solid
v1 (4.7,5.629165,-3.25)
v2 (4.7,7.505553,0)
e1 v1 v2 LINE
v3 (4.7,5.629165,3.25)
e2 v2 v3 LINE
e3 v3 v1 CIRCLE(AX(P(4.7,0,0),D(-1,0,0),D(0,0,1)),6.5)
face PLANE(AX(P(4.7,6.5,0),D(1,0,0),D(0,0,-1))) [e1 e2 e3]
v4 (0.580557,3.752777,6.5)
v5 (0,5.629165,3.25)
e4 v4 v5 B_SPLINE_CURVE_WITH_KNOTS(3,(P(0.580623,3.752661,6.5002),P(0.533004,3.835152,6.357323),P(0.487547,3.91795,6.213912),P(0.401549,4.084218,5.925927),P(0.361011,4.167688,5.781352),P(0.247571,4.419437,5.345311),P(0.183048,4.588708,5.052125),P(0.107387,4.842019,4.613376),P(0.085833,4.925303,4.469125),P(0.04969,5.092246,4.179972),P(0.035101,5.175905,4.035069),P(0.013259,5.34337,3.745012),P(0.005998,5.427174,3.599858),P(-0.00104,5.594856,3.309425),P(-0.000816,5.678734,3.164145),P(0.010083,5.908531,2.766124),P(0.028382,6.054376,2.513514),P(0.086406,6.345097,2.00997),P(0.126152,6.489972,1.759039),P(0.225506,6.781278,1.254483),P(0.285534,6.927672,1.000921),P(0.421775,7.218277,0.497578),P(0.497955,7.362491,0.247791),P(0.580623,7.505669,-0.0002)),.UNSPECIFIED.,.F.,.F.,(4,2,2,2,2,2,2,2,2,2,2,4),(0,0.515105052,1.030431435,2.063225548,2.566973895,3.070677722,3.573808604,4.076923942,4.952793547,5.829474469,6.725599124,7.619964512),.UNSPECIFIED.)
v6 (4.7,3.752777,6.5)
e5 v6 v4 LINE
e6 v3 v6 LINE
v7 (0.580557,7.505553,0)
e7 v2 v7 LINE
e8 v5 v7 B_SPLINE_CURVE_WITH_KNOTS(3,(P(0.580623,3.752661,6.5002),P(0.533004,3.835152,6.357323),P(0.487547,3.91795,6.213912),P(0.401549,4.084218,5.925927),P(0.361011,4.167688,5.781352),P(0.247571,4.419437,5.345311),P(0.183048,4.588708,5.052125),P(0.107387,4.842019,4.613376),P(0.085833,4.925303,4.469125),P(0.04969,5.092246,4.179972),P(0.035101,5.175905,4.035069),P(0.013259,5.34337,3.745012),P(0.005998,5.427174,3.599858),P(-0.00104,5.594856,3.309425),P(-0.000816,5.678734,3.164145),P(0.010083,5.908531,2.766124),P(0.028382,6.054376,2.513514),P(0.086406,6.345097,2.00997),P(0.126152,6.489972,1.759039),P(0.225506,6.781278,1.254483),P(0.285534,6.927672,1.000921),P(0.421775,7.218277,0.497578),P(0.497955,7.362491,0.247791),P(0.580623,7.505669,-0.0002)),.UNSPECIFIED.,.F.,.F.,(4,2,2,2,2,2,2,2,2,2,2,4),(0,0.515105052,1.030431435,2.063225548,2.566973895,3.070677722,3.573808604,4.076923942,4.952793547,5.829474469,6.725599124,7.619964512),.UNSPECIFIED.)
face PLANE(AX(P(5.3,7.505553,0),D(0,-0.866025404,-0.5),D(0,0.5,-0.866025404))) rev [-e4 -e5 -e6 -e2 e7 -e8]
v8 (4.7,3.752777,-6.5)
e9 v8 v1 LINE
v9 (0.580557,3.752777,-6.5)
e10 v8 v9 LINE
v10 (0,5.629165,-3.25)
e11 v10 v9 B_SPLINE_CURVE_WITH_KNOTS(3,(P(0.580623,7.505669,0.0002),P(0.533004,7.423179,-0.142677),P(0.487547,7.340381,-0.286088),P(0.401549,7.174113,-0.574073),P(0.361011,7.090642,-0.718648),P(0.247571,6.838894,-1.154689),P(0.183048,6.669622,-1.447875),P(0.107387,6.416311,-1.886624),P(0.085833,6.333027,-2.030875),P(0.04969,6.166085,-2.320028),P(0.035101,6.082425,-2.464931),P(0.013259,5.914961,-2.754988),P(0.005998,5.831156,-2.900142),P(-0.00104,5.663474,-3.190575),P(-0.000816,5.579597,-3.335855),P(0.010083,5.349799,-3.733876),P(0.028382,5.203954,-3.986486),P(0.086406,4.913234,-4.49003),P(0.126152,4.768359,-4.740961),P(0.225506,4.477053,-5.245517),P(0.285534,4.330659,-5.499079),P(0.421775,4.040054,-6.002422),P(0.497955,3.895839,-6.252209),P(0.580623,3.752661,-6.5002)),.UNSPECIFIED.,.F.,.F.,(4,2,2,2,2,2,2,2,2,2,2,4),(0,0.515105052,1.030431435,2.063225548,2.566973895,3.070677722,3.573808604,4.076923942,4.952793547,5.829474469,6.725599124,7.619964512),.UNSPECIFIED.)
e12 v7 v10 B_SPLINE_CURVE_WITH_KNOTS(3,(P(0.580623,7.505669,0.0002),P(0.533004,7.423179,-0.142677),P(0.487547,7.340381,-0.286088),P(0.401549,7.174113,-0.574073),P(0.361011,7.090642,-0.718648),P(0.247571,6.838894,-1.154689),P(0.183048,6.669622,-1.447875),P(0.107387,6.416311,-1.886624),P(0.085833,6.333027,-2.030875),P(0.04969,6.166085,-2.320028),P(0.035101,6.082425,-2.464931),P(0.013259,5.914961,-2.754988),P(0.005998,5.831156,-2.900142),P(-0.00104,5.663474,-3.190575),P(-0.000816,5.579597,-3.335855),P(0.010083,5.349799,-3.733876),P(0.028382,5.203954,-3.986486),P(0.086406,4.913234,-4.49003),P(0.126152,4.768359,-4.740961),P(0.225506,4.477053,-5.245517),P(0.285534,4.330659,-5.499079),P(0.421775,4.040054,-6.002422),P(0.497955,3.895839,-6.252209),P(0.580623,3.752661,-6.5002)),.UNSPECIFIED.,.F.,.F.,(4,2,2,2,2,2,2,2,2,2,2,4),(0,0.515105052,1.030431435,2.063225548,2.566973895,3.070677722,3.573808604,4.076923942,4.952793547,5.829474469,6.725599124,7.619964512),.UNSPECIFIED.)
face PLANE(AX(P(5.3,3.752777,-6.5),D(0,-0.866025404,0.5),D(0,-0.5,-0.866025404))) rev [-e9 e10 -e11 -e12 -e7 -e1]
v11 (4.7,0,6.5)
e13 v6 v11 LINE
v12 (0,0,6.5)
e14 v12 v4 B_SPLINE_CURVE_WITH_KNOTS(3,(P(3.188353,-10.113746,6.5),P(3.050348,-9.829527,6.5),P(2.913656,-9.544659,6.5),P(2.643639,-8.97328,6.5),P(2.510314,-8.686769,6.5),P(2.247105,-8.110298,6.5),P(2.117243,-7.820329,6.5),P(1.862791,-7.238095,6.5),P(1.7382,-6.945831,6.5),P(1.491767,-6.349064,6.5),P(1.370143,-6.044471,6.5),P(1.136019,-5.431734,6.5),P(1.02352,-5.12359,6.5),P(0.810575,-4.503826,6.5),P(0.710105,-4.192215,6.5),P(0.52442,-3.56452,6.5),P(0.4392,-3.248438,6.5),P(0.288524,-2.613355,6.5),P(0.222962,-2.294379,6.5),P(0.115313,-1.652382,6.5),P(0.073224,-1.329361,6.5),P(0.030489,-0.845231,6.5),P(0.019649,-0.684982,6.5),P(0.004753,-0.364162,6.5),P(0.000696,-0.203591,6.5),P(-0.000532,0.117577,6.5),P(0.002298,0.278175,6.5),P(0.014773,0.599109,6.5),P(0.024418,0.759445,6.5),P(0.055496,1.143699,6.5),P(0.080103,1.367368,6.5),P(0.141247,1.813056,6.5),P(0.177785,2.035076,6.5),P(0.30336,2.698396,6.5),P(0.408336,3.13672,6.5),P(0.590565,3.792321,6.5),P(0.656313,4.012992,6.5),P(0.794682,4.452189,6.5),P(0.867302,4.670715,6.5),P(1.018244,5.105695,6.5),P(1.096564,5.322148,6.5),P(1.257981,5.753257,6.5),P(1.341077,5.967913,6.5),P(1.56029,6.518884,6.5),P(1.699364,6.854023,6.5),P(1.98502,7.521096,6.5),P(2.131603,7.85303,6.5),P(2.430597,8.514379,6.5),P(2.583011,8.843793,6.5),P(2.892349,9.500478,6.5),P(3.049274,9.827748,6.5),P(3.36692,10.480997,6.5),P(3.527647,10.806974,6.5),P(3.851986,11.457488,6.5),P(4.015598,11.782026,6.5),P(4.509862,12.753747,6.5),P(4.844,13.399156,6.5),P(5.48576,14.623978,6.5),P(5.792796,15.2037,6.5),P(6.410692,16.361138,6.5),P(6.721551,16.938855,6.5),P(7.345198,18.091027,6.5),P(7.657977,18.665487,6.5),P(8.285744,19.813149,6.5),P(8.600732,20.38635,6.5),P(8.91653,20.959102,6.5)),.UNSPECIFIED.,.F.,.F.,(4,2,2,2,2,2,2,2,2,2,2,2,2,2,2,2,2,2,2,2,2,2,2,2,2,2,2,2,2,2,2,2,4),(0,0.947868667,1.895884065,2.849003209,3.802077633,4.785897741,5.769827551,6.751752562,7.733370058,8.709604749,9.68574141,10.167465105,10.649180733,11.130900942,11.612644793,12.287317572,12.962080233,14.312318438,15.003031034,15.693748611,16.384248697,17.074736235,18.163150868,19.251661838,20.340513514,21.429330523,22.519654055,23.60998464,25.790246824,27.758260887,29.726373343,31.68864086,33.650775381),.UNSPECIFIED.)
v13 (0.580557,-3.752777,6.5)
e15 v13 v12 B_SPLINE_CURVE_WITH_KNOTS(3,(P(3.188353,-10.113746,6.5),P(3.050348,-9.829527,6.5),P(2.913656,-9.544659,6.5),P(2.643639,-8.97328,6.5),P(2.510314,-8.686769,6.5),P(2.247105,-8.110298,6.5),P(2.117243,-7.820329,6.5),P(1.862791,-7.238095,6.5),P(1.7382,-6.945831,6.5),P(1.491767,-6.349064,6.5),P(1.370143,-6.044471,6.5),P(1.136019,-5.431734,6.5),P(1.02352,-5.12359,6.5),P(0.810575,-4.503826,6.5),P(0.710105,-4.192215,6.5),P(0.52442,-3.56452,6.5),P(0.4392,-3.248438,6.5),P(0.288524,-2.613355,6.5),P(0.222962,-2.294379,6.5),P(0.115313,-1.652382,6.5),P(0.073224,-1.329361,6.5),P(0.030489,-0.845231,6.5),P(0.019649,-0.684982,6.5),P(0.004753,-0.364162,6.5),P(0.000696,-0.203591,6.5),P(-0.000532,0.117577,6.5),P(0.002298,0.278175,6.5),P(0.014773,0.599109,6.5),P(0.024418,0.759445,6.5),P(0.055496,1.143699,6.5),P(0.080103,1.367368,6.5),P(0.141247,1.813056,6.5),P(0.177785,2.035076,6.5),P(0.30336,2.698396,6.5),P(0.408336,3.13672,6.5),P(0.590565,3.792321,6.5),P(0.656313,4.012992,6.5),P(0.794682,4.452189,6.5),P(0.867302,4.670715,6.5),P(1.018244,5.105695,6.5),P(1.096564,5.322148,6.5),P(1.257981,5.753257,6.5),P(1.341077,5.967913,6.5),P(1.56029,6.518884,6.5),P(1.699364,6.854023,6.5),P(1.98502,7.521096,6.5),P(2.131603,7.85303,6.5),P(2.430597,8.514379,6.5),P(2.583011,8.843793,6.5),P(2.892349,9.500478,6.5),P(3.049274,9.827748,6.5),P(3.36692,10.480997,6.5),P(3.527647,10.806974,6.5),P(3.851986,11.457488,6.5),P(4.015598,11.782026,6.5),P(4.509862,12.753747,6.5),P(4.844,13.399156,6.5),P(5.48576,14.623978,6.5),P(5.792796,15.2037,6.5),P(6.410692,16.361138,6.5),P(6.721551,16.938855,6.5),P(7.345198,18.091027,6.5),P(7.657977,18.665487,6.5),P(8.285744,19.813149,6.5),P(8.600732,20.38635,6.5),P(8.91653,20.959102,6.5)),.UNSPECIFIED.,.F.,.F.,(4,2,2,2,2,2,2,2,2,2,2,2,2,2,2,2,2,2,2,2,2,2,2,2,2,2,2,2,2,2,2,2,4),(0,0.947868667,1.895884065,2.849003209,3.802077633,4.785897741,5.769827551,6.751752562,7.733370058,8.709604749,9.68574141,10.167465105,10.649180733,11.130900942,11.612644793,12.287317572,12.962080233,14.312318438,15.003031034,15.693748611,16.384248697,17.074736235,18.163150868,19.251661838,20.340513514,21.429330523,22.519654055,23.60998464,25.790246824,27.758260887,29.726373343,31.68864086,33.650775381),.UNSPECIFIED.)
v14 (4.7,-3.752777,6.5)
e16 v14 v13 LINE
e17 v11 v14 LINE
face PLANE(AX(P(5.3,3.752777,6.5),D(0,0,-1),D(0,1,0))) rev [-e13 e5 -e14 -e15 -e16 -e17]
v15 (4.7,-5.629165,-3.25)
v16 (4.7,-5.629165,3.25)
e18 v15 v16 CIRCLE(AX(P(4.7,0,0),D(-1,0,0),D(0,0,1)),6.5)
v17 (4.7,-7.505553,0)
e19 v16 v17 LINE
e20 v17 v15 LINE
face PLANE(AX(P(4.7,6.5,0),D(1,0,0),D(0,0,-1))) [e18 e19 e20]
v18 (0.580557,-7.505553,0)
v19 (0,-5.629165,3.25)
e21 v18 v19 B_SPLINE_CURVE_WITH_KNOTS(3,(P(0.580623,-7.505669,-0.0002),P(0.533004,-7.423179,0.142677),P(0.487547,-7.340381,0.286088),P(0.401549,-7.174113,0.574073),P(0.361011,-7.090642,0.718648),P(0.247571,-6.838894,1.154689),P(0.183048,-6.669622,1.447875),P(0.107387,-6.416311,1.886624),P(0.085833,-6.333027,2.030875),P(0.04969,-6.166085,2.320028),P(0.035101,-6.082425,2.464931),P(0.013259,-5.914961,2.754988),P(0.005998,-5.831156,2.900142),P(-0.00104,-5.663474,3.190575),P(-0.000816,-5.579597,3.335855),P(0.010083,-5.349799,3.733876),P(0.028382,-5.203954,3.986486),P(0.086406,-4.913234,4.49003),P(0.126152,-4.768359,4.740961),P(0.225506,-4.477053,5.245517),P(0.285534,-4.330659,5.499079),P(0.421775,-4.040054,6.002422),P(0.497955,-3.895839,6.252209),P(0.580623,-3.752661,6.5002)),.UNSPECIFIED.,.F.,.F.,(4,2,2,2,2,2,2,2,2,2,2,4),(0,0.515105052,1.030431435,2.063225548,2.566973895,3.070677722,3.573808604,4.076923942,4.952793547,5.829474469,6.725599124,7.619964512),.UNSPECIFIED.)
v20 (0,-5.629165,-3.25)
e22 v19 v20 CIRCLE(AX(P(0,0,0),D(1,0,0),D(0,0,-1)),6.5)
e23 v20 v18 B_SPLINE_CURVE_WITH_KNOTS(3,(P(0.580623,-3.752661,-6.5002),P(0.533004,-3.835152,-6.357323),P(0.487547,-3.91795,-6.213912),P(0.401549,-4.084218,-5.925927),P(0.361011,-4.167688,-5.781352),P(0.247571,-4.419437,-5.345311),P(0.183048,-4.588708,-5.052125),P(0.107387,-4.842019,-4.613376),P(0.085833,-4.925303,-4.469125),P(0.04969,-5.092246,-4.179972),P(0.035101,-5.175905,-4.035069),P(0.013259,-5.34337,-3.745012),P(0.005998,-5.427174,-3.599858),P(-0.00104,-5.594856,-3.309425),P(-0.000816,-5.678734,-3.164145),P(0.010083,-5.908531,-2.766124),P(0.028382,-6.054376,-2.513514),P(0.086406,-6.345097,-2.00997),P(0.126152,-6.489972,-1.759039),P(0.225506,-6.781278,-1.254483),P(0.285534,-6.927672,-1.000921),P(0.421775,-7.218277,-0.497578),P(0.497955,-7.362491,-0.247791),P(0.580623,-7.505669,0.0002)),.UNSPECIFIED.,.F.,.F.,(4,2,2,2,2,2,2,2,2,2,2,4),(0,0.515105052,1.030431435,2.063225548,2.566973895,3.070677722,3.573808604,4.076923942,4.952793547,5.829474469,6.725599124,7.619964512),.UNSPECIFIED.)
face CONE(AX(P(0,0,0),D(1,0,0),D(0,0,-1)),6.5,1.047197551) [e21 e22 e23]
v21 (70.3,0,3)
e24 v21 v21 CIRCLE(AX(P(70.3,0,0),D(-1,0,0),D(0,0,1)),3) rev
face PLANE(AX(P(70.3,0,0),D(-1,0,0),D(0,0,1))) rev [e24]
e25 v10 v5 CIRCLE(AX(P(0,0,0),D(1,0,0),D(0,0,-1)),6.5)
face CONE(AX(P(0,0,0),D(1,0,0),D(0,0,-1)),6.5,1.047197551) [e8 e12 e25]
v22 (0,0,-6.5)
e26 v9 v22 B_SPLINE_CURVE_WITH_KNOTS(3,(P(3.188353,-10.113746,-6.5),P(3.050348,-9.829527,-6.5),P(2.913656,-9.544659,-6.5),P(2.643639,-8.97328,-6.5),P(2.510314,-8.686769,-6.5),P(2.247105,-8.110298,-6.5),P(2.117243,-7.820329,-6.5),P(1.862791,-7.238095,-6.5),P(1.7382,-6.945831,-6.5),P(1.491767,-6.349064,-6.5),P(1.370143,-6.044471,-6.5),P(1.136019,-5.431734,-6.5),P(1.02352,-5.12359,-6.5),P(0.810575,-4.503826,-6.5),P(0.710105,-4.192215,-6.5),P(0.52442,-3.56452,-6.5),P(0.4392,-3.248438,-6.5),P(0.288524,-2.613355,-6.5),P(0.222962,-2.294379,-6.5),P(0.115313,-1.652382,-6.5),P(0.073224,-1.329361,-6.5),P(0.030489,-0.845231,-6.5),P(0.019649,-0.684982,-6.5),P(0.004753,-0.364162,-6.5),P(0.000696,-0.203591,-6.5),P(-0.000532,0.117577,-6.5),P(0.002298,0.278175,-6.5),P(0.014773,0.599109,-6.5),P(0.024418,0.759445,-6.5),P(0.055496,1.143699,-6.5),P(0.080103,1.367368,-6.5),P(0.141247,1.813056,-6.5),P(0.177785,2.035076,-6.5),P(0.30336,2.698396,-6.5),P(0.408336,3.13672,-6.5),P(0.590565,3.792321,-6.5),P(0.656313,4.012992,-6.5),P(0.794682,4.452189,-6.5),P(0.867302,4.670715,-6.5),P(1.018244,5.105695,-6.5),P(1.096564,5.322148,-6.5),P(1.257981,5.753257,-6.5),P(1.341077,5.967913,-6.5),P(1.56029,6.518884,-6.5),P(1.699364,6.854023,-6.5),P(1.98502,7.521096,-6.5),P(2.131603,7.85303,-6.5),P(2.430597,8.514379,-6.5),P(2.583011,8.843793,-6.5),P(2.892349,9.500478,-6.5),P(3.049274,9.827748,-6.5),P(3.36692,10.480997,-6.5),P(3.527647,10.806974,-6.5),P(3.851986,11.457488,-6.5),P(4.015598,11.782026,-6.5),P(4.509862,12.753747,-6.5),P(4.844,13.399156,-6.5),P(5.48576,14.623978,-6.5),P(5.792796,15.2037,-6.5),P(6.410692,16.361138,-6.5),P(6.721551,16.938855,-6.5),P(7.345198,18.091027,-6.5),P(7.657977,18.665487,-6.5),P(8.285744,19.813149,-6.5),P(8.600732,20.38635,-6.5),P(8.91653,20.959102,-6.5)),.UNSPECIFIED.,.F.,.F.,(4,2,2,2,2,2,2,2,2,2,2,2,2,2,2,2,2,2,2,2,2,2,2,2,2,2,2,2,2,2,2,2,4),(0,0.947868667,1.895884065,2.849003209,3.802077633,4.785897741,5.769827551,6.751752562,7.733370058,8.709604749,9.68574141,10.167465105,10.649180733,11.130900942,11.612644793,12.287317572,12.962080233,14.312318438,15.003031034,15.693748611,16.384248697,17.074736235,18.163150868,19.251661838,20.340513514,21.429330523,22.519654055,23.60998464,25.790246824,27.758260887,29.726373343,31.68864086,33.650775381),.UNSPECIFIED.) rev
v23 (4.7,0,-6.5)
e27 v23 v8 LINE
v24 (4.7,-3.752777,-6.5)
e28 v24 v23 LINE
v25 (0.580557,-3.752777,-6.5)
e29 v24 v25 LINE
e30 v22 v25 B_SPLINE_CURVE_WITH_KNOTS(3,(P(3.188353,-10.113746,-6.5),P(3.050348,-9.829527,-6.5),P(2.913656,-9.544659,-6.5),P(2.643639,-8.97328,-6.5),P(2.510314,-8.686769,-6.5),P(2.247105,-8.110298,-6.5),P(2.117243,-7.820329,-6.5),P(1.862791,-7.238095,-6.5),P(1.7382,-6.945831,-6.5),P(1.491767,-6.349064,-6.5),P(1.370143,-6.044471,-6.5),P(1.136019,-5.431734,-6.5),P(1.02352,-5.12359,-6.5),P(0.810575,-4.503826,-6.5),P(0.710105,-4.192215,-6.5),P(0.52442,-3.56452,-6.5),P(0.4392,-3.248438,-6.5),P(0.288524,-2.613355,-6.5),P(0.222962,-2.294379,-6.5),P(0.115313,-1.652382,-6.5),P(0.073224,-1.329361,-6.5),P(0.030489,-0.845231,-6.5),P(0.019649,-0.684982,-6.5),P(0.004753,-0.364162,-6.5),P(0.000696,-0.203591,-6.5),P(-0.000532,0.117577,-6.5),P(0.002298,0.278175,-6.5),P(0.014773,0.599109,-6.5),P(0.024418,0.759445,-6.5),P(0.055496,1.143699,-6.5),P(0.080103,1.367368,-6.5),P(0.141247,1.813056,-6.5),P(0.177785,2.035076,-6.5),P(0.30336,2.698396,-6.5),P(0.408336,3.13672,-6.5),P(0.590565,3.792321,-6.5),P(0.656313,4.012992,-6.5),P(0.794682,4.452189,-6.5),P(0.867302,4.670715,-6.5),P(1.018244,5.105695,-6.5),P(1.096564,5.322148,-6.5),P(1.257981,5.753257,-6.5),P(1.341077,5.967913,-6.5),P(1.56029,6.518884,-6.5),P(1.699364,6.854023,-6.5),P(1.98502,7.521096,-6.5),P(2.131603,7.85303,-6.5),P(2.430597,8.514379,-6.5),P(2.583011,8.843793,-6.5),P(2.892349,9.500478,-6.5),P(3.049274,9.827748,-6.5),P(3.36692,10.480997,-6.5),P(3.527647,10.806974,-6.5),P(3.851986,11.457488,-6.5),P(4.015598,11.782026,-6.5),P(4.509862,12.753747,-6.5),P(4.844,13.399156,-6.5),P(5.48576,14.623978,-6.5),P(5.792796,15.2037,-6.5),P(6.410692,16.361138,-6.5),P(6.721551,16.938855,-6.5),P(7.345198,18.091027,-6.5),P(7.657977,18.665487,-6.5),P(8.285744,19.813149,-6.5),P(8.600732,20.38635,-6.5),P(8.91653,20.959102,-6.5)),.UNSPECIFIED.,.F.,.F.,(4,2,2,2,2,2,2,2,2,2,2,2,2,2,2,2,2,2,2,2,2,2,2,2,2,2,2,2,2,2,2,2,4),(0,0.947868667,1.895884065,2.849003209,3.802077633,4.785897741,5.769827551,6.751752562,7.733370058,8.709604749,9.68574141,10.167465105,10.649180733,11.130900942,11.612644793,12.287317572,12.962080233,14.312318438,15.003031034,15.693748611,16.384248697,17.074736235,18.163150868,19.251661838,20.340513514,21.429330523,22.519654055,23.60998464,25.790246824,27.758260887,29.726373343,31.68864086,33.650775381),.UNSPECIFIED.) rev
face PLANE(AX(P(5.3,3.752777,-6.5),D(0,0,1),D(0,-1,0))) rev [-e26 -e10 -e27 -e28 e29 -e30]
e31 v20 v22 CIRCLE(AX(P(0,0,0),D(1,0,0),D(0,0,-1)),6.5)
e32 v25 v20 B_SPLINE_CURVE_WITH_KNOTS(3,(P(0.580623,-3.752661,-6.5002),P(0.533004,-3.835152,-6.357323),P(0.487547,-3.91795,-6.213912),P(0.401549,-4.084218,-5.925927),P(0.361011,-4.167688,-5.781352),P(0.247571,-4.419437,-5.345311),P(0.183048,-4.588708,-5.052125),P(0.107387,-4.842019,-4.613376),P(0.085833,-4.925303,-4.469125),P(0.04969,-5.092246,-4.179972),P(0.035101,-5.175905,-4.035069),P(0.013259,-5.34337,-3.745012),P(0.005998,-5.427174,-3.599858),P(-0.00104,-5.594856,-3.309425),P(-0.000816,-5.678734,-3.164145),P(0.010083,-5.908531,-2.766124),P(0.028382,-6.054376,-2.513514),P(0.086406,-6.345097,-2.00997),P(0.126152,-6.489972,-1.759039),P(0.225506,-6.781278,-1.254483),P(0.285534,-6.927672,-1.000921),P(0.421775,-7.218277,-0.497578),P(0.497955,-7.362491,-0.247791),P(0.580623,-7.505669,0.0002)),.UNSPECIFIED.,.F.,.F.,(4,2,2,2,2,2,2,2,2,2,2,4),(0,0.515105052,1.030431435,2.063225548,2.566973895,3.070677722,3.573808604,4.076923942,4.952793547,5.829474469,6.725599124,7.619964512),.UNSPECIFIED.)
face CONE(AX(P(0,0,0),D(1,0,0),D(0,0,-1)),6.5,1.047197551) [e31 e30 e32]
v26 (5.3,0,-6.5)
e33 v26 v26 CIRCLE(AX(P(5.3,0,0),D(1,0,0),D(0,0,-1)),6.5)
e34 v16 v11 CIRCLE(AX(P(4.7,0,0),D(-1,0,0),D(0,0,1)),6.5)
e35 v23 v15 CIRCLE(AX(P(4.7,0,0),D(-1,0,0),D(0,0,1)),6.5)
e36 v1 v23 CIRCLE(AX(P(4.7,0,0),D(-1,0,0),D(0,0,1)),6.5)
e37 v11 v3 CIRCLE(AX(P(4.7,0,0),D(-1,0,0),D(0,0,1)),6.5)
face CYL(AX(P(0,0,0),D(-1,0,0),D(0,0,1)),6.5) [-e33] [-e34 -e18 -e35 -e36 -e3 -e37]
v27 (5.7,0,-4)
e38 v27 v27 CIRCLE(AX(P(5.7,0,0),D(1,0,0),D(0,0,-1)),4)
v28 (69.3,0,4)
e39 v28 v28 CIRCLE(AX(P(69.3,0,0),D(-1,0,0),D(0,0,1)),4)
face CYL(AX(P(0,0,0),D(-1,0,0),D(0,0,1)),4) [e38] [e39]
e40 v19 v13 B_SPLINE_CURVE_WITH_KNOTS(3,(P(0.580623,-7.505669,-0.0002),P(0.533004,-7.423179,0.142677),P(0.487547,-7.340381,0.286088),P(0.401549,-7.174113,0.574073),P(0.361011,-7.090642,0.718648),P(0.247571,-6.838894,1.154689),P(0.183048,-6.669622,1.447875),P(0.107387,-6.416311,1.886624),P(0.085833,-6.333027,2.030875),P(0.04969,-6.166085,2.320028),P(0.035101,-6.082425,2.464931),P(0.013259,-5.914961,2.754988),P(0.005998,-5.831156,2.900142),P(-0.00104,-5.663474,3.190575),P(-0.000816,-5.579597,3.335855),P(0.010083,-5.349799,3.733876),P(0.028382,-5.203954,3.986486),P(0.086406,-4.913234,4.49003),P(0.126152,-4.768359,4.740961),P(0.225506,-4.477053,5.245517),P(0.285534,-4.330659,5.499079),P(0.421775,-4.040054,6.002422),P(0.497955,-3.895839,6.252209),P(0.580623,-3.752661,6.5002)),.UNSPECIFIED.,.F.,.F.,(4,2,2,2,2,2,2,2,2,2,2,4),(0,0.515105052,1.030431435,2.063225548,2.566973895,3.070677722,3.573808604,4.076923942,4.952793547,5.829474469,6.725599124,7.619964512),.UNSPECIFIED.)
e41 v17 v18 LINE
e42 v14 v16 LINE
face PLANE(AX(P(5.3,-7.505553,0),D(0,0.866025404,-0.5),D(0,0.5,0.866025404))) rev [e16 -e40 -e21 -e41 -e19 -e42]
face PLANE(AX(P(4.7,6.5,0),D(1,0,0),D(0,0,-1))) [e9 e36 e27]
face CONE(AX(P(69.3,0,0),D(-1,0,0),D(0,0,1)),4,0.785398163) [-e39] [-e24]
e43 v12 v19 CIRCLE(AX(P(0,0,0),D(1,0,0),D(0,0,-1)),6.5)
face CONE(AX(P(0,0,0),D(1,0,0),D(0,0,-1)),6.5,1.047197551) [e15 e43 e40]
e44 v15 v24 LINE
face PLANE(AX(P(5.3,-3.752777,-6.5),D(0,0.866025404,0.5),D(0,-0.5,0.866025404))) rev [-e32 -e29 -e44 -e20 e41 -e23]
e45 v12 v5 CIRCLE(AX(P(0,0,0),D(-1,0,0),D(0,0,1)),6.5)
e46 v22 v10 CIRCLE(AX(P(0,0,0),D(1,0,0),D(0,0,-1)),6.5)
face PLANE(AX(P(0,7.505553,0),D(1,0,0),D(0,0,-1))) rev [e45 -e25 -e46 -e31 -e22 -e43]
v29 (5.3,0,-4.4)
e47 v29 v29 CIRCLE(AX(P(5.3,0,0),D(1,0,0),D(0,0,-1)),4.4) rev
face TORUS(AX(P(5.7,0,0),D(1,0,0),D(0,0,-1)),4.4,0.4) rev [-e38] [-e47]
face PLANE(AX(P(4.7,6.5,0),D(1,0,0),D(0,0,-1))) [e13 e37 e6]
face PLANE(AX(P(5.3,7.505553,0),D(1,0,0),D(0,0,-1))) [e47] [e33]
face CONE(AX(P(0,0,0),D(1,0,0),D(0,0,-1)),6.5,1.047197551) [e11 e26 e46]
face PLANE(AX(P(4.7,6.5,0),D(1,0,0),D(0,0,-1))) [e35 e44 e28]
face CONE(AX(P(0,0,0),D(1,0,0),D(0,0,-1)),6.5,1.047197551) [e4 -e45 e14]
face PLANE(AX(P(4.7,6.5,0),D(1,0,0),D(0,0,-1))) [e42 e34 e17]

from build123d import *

# Parameters (mm, degrees)
EXTRUDE_365_DEPTH = 5.3
SKETCH_4_W        = 0.6
SKETCH_4_H        = 11.005553499
CHAMFER_2062_SIZE = 1
FILLET_2107_R     = 0.4


with BuildPart() as part:
    # 草图1 → Extrude 365 (new body)
    with BuildSketch(Plane(origin=(0, 0, 0), x_dir=(0, 0, -1), z_dir=(1, 0, 0))):
        Polygon((6.5, 3.75277675), (6.5, -3.75277675), (0, -7.505553499), (-6.5, -3.75277675), (-6.5, 3.75277675), (0, 7.505553499), align=None)
    extrude(amount=EXTRUDE_365_DEPTH)

    # 草图2 → 凸台-旋转1 (revolve)
    with BuildSketch(Plane.XY, mode=Mode.PRIVATE) as revolve_1_sk:
        Polygon((0, 0), (70.3, 0), (70.3, 2.9175), (70.3, 4), (7.791693541, 4), (0, 4), align=None)
    revolve(revolve_1_sk.sketch.rotate(Axis((0, 0, 0), (1, 0, 0)), 90), axis=Axis((0, 0, 0), (1, 0, 0)))

    # 草图3 → 切除-旋转1 (revolve, cut)
    with BuildSketch(Plane.XY):
        Polygon((0, 6.5), (3.46730793, 12.505553499), (3.46730793, 17.505553499), (-10, 17.505553499), (-10, 6.5), align=None)
    revolve(axis=Axis((0, 0, 0), (1, 0, 0)), mode=Mode.SUBTRACT)

    # 草图5 → 切除-旋转2 (revolve, cut)
    with BuildSketch(Plane.XY):
        Polygon((5.3, 6.5), (1.83269207, 12.505553499), (1.83269207, 17.505553499), (11.83269207, 17.505553499), (11.83269207, 6.5), align=None)
    revolve(axis=Axis((0, 0, 0), (1, 0, 0)), mode=Mode.SUBTRACT)

    # 草图4 → 切除-旋转3 (revolve, cut)
    with BuildSketch(Plane.XY, mode=Mode.PRIVATE) as cut_revolve_3_sk:
        with Locations((5, 12.00277675)):
            Rectangle(SKETCH_4_W, SKETCH_4_H)
    revolve(cut_revolve_3_sk.sketch.rotate(Axis((0, 0, 0), (1, 0, 0)), 270), axis=Axis((0, 0, 0), (1, 0, 0)), mode=Mode.SUBTRACT)

    # Chamfer 2062
    chamfer_2062_edges = [part.edges().sort_by_distance(p)[0] for p in [
        (70.3, 0, -4),
    ]]
    chamfer(chamfer_2062_edges, length=CHAMFER_2062_SIZE)

    # Fillet 2107
    fillet_2107_edges = [part.edges().sort_by_distance(p)[0] for p in [
        (5.3, 0, -4),
    ]]
    fillet(fillet_2107_edges, radius=FILLET_2107_R)


solid = part.part
